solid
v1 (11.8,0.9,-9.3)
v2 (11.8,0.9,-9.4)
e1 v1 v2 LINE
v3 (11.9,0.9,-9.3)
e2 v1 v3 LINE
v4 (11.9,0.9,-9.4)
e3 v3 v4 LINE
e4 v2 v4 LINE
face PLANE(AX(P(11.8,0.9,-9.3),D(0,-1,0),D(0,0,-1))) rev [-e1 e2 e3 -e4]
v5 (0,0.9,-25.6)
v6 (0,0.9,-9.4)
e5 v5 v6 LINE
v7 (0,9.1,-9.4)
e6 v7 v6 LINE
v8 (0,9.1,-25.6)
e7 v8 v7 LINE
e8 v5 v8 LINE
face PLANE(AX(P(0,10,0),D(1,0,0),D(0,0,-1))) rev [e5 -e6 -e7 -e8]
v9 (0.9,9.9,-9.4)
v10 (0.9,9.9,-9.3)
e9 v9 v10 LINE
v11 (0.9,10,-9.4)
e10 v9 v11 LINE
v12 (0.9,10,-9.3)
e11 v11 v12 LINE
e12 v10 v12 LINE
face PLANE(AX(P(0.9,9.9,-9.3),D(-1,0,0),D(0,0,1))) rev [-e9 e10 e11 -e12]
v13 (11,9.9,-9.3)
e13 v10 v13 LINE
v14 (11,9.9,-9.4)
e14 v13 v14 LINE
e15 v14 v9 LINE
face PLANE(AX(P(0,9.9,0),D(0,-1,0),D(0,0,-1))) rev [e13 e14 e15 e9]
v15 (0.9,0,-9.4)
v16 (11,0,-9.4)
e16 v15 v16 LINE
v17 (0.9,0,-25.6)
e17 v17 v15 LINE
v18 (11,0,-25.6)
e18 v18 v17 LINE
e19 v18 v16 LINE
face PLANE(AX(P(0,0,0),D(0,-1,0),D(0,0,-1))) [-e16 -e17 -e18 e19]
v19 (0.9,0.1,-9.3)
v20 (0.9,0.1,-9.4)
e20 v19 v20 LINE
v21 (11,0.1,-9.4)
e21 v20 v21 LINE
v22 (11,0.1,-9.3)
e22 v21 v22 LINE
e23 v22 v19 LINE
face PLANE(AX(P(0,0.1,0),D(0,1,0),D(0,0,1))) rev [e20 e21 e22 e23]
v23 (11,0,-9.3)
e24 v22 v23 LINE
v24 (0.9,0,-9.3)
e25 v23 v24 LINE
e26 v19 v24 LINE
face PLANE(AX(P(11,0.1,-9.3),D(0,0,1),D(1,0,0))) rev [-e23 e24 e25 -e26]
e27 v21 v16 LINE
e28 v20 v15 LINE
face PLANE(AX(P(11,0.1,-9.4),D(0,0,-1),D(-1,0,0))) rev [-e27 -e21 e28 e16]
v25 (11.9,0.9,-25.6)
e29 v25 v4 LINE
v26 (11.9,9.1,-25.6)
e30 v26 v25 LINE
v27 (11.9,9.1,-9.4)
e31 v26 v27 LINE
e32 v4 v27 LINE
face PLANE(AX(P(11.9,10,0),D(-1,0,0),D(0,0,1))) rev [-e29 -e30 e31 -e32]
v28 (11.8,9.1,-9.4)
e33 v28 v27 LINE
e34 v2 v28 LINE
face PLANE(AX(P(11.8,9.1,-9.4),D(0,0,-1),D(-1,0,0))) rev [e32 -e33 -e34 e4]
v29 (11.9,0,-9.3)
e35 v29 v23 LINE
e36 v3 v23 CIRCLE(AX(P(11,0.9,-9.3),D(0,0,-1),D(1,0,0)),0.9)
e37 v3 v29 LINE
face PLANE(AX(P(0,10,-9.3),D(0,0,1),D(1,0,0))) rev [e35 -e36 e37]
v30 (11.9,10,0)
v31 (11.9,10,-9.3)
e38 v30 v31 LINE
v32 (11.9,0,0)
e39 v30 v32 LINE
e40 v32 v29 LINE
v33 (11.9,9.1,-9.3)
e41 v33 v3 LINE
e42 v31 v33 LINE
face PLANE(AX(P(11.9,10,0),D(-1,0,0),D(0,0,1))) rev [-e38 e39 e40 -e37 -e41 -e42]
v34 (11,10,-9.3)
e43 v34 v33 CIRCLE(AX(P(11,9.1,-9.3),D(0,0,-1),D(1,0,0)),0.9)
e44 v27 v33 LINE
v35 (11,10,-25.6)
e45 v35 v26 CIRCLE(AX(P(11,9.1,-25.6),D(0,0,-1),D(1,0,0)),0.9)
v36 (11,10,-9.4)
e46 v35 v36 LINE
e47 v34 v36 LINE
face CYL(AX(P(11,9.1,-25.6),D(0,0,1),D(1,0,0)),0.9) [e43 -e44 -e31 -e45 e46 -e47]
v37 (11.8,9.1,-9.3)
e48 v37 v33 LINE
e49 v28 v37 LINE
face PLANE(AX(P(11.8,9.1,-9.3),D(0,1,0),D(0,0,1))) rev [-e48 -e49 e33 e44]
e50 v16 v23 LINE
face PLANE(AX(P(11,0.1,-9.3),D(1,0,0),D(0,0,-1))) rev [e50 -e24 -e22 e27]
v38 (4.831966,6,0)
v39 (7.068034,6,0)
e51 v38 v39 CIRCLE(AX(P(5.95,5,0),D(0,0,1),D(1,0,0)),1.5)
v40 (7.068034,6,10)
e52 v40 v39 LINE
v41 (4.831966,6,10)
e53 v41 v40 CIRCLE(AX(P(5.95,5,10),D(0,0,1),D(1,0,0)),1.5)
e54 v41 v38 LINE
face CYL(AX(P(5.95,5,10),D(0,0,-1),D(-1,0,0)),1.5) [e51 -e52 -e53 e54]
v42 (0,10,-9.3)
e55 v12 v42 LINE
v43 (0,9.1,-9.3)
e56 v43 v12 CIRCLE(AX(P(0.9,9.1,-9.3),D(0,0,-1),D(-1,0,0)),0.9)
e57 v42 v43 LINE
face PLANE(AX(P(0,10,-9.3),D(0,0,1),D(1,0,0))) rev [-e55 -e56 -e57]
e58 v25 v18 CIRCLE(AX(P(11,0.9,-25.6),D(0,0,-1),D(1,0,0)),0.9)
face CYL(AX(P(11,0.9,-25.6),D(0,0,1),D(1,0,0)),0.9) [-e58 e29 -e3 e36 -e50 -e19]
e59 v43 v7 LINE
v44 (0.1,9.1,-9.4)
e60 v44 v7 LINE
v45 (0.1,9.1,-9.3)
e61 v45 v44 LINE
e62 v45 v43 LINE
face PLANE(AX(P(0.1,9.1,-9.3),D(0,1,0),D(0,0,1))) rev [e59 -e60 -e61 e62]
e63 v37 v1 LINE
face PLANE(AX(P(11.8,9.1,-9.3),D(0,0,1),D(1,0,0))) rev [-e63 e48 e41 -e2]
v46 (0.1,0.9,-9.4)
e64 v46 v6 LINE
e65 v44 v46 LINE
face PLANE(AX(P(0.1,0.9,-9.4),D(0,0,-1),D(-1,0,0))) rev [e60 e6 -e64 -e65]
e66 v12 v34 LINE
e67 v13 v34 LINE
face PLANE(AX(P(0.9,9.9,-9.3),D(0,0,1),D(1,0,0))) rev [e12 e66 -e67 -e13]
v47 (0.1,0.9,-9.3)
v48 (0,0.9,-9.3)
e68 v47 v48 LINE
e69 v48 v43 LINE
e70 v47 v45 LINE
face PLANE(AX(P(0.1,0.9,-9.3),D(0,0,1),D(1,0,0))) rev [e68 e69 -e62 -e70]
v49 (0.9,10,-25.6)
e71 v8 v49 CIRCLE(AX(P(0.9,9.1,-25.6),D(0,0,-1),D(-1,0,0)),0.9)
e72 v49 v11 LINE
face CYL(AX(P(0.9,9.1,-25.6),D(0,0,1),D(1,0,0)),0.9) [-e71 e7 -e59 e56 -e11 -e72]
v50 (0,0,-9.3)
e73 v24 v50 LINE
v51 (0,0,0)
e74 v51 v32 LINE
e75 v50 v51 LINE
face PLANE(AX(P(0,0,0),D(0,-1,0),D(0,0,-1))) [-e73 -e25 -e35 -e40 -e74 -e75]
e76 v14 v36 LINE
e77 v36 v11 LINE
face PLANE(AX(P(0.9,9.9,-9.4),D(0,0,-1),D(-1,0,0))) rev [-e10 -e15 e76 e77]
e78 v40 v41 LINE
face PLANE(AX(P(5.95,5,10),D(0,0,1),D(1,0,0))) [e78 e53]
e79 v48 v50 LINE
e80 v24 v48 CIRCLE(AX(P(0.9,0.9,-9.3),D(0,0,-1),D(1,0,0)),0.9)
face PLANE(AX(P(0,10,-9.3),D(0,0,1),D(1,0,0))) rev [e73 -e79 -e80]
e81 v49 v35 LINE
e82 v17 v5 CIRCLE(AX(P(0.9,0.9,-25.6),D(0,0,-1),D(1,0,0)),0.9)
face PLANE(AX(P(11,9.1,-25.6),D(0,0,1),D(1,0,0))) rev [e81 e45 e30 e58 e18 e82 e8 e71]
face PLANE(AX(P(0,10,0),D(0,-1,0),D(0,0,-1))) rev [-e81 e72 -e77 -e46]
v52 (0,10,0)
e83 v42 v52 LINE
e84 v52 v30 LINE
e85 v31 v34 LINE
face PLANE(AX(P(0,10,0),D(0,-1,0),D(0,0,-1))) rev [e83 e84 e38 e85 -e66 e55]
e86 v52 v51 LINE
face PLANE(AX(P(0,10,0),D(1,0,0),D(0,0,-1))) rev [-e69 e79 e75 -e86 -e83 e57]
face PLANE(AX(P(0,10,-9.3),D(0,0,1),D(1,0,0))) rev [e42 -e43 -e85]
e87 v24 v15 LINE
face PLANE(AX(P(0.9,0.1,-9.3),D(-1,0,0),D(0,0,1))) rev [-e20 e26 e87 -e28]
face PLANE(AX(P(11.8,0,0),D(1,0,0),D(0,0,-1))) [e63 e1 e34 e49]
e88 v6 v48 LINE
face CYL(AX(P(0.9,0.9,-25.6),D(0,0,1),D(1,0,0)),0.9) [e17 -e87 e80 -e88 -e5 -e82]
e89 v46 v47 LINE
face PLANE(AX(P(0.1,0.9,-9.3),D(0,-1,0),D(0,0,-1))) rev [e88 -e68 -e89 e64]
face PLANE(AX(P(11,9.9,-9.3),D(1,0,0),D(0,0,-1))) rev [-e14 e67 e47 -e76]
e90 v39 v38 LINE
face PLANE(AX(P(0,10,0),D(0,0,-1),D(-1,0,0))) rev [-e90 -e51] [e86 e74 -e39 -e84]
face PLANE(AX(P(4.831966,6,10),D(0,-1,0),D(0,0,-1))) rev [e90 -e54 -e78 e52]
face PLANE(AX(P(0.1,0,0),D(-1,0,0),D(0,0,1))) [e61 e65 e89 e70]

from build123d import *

# Parameters (mm, degrees)
CROQUIS1_W              = 11.9
CROQUIS1_H              = 9.3
SALIENTE_EXTRUIR1_DEPTH = 10
SALIENTE_EXTRUIR2_DEPTH = 10
SALIENTE_EXTRUIR3_DEPTH = 16.3
CROQUIS6_W              = 10.1
CROQUIS6_H              = 0.1
CORTAR_EXTRUIR1_DEPTH   = 0.1
CROQUIS7_W              = 0.1
CROQUIS7_H              = 8.2
CORTAR_EXTRUIR2_DEPTH   = 0.1
CROQUIS8_W              = 0.1
CROQUIS8_H              = 8.2
CORTAR_EXTRUIR3_DEPTH   = 0.1
CROQUIS9_W              = 10.1
CROQUIS9_H              = 0.1
CORTAR_EXTRUIR4_DEPTH   = 0.1


with BuildPart() as part:
    # Croquis1 → Saliente-Extruir1 (new body)
    with BuildSketch(Plane(origin=(0, 0, 0), x_dir=(1, 0, 0), z_dir=(0, 1, 0))):
        with Locations((5.95, 4.65)):
            Rectangle(CROQUIS1_W, CROQUIS1_H)
    extrude(amount=SALIENTE_EXTRUIR1_DEPTH)

    # Croquis2 → Saliente-Extruir2 (add)
    with BuildSketch(Plane.XY):
        with BuildLine():
            Line((4.831966011, 6), (7.068033989, 6))
            ThreePointArc((7.068033989, 6), (5.95, 3.5), (4.831966011, 6))
        make_face()
    extrude(amount=SALIENTE_EXTRUIR2_DEPTH)

    # Croquis3 → Saliente-Extruir3 (add)
    with BuildSketch(Plane(origin=(0, 0, -9.3), x_dir=(-1, 0, 0), z_dir=(0, 0, -1))):
        with BuildLine():
            Line((-11, 10), (-0.9, 10))
            ThreePointArc((-0.9, 10), (-0.263603897, 9.736396103), (0, 9.1))
            Line((0, 9.1), (0, 0.9))
            ThreePointArc((0, 0.9), (-0.263603897, 0.263603897), (-0.9, 0))
            Line((-0.9, 0), (-11, 0))
            ThreePointArc((-11, 0), (-11.636396103, 0.263603897), (-11.9, 0.9))
            Line((-11.9, 0.9), (-11.9, 9.1))
            ThreePointArc((-11.9, 9.1), (-11.636396103, 9.736396103), (-11, 10))
        make_face()
    extrude(amount=SALIENTE_EXTRUIR3_DEPTH)

    # Croquis6 → Cortar-Extruir1 (cut)
    with BuildSketch(Plane(origin=(0, 10, 0), x_dir=(1, 0, 0), z_dir=(0, 1, 0))):
        with Locations((5.95, 9.35)):
            Rectangle(CROQUIS6_W, CROQUIS6_H)
    extrude(amount=-CORTAR_EXTRUIR1_DEPTH, mode=Mode.SUBTRACT)

    # Croquis7 → Cortar-Extruir2 (cut)
    with BuildSketch(Plane(origin=(11.9, 0, 0), x_dir=(0, 0, -1), z_dir=(1, 0, 0))):
        with Locations((9.35, 5)):
            Rectangle(CROQUIS7_W, CROQUIS7_H)
    extrude(amount=-CORTAR_EXTRUIR2_DEPTH, mode=Mode.SUBTRACT)

    # Croquis8 → Cortar-Extruir3 (cut)
    with BuildSketch(Plane.ZY):
        with Locations((-9.35, 5)):
            Rectangle(CROQUIS8_W, CROQUIS8_H)
    extrude(amount=-CORTAR_EXTRUIR3_DEPTH, mode=Mode.SUBTRACT)

    # Croquis9 → Cortar-Extruir4 (cut)
    with BuildSketch(Plane.XZ):
        with Locations((5.95, -9.35)):
            Rectangle(CROQUIS9_W, CROQUIS9_H)
    extrude(amount=-CORTAR_EXTRUIR4_DEPTH, mode=Mode.SUBTRACT)


solid = part.part
